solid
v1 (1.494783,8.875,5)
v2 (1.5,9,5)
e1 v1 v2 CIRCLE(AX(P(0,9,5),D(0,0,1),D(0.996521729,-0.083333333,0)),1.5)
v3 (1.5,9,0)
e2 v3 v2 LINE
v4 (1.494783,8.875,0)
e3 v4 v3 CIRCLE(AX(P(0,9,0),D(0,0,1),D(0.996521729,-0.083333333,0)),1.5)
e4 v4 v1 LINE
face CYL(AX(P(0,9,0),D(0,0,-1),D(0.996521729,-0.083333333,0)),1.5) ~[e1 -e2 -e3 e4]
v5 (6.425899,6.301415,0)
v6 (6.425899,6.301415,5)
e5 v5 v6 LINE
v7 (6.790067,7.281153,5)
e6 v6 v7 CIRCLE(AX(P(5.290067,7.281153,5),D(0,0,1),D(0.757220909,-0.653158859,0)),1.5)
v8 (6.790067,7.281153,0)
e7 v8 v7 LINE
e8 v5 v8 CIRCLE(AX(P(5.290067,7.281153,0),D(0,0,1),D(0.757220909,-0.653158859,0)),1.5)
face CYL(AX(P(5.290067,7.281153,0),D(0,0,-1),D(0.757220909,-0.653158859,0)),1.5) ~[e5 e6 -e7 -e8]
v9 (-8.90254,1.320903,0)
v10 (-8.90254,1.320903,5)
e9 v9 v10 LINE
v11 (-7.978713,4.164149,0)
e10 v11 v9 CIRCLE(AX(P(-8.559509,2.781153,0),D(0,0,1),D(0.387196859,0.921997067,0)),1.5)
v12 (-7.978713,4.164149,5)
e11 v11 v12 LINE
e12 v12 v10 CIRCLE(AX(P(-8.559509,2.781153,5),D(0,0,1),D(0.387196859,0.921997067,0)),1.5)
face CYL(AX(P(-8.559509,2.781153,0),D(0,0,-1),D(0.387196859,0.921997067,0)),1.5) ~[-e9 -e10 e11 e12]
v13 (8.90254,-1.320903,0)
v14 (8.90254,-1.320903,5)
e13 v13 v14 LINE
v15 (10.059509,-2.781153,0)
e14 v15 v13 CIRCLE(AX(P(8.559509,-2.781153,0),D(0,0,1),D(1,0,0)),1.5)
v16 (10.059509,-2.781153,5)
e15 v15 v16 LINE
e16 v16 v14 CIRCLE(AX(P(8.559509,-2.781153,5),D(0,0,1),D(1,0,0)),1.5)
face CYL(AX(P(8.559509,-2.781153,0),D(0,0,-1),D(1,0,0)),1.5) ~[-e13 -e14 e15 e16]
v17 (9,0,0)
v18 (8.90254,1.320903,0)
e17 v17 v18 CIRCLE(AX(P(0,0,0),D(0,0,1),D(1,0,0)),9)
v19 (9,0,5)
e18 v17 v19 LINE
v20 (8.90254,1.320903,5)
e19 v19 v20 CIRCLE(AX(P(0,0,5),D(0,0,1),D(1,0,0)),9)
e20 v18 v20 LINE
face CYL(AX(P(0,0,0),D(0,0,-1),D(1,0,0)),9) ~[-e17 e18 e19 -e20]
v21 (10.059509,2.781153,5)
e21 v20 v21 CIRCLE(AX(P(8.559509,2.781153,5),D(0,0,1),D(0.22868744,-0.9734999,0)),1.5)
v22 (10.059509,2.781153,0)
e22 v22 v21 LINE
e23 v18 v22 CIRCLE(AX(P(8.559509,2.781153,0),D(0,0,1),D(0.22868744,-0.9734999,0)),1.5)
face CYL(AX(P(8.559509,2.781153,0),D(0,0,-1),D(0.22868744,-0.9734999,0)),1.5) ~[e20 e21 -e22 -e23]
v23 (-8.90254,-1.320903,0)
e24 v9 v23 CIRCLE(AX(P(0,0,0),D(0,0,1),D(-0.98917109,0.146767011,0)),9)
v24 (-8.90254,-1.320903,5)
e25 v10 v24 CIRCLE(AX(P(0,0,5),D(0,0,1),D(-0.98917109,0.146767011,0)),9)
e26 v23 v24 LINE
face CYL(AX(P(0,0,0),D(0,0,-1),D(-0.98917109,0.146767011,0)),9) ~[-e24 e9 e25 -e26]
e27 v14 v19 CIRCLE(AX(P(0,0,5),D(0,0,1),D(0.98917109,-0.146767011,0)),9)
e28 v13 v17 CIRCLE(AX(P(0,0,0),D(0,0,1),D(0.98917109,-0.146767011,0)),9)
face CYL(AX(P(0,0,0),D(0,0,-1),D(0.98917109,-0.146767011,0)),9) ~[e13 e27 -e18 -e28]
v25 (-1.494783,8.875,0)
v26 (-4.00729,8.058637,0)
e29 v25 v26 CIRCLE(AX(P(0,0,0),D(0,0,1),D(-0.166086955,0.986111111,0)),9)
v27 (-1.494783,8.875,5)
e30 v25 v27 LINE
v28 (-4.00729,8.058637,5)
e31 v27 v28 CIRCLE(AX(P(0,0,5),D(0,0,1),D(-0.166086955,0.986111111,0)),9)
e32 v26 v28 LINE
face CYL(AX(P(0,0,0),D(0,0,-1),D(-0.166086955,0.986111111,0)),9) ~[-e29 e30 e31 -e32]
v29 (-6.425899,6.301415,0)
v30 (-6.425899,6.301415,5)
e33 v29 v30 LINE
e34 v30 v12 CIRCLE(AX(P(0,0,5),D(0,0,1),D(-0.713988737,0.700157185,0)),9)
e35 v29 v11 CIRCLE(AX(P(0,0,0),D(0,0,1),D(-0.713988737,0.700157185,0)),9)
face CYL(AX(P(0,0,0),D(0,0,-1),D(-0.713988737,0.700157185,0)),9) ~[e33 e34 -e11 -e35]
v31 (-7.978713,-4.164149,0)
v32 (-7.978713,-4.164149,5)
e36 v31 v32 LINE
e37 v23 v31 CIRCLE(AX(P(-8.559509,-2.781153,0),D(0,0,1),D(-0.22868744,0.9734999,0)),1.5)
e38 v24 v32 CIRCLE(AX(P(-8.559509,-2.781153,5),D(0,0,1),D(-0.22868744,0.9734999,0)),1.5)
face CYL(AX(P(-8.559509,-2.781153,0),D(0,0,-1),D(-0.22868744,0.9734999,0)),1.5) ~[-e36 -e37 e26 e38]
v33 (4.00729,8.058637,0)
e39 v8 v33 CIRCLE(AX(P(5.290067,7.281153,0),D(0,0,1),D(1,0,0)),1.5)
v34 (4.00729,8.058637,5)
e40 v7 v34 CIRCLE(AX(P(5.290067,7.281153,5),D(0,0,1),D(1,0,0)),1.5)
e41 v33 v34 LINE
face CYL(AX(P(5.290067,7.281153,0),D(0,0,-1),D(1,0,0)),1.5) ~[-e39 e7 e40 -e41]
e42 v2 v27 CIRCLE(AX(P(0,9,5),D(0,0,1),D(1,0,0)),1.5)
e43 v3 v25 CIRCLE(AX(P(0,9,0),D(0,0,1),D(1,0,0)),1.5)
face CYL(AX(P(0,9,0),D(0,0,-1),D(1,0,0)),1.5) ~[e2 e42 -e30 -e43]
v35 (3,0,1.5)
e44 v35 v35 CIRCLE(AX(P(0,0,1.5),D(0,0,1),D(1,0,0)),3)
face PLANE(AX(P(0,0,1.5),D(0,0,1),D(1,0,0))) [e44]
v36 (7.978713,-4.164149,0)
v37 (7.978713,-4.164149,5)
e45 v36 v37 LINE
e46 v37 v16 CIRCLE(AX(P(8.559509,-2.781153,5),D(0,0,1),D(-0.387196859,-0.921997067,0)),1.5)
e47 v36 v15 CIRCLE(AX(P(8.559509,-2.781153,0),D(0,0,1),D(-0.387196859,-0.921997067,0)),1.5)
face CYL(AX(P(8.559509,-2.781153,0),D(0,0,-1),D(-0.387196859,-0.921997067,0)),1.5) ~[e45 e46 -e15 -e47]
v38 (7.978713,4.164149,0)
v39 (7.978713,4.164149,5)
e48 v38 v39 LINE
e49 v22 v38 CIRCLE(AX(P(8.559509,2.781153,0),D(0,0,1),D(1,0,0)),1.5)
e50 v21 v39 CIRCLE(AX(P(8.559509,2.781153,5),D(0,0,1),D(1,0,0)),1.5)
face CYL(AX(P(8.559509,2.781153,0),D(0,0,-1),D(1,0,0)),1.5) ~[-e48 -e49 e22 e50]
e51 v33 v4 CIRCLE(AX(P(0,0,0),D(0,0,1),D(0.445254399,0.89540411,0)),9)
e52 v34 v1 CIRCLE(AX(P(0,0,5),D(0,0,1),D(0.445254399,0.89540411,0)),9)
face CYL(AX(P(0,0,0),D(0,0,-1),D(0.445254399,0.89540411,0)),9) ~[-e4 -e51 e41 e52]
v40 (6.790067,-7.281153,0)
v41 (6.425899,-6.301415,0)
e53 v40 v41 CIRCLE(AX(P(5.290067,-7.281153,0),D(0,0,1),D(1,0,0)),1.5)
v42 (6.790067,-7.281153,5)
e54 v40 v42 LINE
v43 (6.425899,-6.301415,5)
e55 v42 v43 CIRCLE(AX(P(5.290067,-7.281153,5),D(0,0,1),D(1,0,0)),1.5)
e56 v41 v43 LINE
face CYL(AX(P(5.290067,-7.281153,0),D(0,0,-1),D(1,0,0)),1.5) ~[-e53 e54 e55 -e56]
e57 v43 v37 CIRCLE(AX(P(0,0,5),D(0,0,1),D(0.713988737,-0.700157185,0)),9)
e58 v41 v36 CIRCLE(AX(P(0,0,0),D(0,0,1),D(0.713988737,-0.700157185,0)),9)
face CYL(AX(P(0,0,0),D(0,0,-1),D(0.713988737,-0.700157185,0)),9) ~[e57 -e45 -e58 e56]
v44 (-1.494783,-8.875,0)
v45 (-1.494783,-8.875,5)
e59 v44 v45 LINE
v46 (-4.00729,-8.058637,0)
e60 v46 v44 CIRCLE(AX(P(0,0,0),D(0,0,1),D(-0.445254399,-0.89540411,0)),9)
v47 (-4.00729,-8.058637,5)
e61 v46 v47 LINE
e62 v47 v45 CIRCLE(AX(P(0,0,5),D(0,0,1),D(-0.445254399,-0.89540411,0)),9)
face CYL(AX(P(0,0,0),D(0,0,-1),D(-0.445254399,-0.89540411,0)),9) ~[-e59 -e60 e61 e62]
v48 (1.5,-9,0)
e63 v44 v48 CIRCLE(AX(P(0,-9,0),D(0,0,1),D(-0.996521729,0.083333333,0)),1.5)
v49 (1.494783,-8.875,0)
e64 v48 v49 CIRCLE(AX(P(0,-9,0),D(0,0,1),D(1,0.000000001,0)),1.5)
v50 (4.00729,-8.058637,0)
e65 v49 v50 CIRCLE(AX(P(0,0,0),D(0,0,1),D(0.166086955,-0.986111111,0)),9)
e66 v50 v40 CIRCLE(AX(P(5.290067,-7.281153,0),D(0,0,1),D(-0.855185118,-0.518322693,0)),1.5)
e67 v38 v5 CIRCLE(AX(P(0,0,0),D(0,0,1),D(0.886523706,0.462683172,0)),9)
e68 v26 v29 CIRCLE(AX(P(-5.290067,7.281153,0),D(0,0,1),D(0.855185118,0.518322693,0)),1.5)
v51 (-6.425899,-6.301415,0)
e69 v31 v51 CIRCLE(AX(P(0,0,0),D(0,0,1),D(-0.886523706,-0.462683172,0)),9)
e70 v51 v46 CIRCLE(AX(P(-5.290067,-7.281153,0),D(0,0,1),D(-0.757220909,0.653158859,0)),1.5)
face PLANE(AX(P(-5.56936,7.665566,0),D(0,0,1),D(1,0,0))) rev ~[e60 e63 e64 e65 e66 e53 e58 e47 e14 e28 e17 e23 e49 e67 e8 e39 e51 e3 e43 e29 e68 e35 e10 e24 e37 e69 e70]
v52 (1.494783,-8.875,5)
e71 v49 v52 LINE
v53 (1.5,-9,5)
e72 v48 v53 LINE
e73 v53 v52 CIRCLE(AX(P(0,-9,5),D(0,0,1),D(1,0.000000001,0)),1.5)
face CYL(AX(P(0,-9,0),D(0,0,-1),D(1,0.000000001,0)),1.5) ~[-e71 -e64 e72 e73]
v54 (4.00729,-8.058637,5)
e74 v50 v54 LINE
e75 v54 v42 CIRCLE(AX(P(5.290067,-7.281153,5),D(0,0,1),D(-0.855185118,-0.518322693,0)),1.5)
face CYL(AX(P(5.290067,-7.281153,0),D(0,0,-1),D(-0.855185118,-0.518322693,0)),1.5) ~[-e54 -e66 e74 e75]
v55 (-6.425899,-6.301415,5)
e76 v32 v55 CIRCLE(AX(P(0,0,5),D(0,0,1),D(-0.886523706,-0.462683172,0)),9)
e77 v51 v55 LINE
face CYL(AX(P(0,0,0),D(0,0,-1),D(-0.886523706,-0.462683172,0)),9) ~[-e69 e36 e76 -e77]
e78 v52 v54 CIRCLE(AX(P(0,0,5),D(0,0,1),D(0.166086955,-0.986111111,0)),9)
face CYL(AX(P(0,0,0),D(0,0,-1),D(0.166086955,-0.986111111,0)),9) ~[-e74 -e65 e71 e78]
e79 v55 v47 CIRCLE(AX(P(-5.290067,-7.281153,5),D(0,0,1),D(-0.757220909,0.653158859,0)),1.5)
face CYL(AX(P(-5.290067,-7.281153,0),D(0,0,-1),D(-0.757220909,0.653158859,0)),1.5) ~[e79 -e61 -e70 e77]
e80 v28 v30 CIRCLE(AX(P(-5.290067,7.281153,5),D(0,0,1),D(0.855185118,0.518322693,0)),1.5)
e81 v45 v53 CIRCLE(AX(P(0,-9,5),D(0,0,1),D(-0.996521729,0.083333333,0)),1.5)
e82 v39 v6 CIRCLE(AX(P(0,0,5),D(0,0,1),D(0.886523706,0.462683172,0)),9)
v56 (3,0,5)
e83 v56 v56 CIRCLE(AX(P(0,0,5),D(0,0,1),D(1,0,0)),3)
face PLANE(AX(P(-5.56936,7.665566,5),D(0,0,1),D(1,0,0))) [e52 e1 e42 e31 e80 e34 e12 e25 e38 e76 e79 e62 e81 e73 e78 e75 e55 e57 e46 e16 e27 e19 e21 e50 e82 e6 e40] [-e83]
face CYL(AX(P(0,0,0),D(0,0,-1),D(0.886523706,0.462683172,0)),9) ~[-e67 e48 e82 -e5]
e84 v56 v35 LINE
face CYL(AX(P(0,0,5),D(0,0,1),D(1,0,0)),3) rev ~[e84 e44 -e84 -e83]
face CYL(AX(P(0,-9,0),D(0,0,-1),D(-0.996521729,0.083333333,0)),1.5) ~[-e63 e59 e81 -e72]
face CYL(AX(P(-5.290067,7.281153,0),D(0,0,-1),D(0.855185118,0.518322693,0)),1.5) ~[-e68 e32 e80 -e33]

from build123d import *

# Parameters (mm, degrees)
F0_R     = 3
F1_DEPTH = 5
F2_R     = 3
F3_DEPTH = 3.5


with BuildPart() as f1:
    # F0 (on Top) → F1 (new body)
    with BuildSketch(Plane.XY):
        with BuildLine():
            ThreePointArc((-6.4258986346, 6.3014146616), (-5.2900672706, 7.2811529494), (-4.0072895936, 8.0586369886))
            ThreePointArc((-4.0072895936, 8.0586369886), (-6.1717451491, 8.4946784409), (-6.4258986346, 6.3014146616))
        make_face()
        with BuildLine():
            ThreePointArc((-1.4947825929, 8.875), (0, 9), (1.4947825929, 8.875))
            ThreePointArc((1.4947825929, 8.875), (1.4986950806, 8.937445581), (1.5, 9))
            ThreePointArc((1.5, 9), (-0.062554419, 10.4986950806), (-1.4947825929, 8.875))
        make_face()
        with BuildLine():
            ThreePointArc((4.0072895936, 8.0586369886), (5.2900672706, 7.2811529494), (6.4258986346, 6.3014146616))
            ThreePointArc((6.4258986346, 6.3014146616), (6.6960806145, 6.7585379123), (6.7900672706, 7.2811529494))
            ThreePointArc((6.7900672706, 7.2811529494), (5.6936967321, 8.7258270503), (4.0072895936, 8.0586369886))
        make_face()
        with BuildLine():
            ThreePointArc((7.978713358, 4.1641485505), (8.5595086467, 2.7811529494), (8.9025398062, 1.3209030997))
            ThreePointArc((8.9025398062, 1.3209030997), (9.7352098713, 1.8496344953), (10.0595086467, 2.7811529494))
            ThreePointArc((10.0595086467, 2.7811529494), (9.3898119247, 4.0303913039), (7.978713358, 4.1641485505))
        make_face()
        with BuildLine():
            ThreePointArc((10.0595086467, -2.7811529494), (9.7352098713, -1.8496344953), (8.9025398062, -1.3209030997))
            ThreePointArc((8.9025398062, -1.3209030997), (8.5595086467, -2.7811529494), (7.978713358, -4.1641485505))
            ThreePointArc((7.978713358, -4.1641485505), (9.3898119247, -4.0303913039), (10.0595086467, -2.7811529494))
        make_face()
        with BuildLine():
            ThreePointArc((6.7900672706, -7.2811529494), (6.6960806145, -6.7585379123), (6.4258986346, -6.3014146616))
            ThreePointArc((6.4258986346, -6.3014146616), (5.2900672706, -7.2811529494), (4.0072895936, -8.0586369886))
            ThreePointArc((4.0072895936, -8.0586369886), (5.6936967321, -8.7258270503), (6.7900672706, -7.2811529494))
        make_face()
        with BuildLine():
            ThreePointArc((1.5, -9), (1.4986950806, -8.937445581), (1.4947825929, -8.875))
            ThreePointArc((1.4947825929, -8.875), (0, -9), (-1.4947825929, -8.875))
            ThreePointArc((-1.4947825929, -8.875), (-0.062554419, -10.4986950806), (1.5, -9))
        make_face()
        with BuildLine():
            ThreePointArc((-6.4258986346, -6.3014146616), (-6.1717451491, -8.4946784409), (-4.0072895936, -8.0586369886))
            ThreePointArc((-4.0072895936, -8.0586369886), (-5.2900672706, -7.2811529494), (-6.4258986346, -6.3014146616))
        make_face()
        with BuildLine():
            ThreePointArc((-8.9025398062, -1.3209030997), (-9.9860934211, -3.2446784409), (-7.978713358, -4.1641485505))
            ThreePointArc((-7.978713358, -4.1641485505), (-8.5595086467, -2.7811529494), (-8.9025398062, -1.3209030997))
        make_face()
        with BuildLine():
            ThreePointArc((-8.9025398062, 1.3209030997), (-8.5595086467, 2.7811529494), (-7.978713358, 4.1641485505))
            ThreePointArc((-7.978713358, 4.1641485505), (-9.9860934211, 3.2446784409), (-8.9025398062, 1.3209030997))
        make_face()
        with BuildLine():
            ThreePointArc((8.9025398062, -1.3209030997), (8.9756018811, -0.6622468362), (9, 0))
            ThreePointArc((9, 0), (8.9756018811, 0.6622468362), (8.9025398062, 1.3209030997))
            ThreePointArc((8.9025398062, 1.3209030997), (7.1329238722, 2.3176274578), (7.978713358, 4.1641485505))
            ThreePointArc((7.978713358, 4.1641485505), (7.2811529494, 5.2900672706), (6.4258986346, 6.3014146616))
            ThreePointArc((6.4258986346, 6.3014146616), (4.4083893922, 6.0676274578), (4.0072895936, 8.0586369886))
            ThreePointArc((4.0072895936, 8.0586369886), (2.7811529494, 8.5595086467), (1.4947825929, 8.875))
            ThreePointArc((1.4947825929, 8.875), (0, 7.5), (-1.4947825929, 8.875))
            ThreePointArc((-1.4947825929, 8.875), (-2.7811529494, 8.5595086467), (-4.0072895936, 8.0586369886))
            ThreePointArc((-4.0072895936, 8.0586369886), (-3.8453931697, 7.6847824109), (-3.7900672706, 7.2811529494))
            ThreePointArc((-3.7900672706, 7.2811529494), (-4.7674522335, 5.8751396056), (-6.4258986346, 6.3014146616))
            ThreePointArc((-6.4258986346, 6.3014146616), (-7.2811529494, 5.2900672706), (-7.978713358, 4.1641485505))
            ThreePointArc((-7.978713358, 4.1641485505), (-7.3102702921, 3.6114562274), (-7.0595086467, 2.7811529494))
            ThreePointArc((-7.0595086467, 2.7811529494), (-7.6279901926, 1.6054517247), (-8.9025398062, 1.3209030997))
            ThreePointArc((-8.9025398062, 1.3209030997), (-9, 0), (-8.9025398062, -1.3209030997))
            ThreePointArc((-8.9025398062, -1.3209030997), (-7.6279901926, -1.6054517247), (-7.0595086467, -2.7811529494))
            ThreePointArc((-7.0595086467, -2.7811529494), (-7.3102702921, -3.6114562274), (-7.978713358, -4.1641485505))
            ThreePointArc((-7.978713358, -4.1641485505), (-7.2811529494, -5.2900672706), (-6.4258986346, -6.3014146616))
            ThreePointArc((-6.4258986346, -6.3014146616), (-4.7674522335, -5.8751396056), (-3.7900672706, -7.2811529494))
            ThreePointArc((-3.7900672706, -7.2811529494), (-3.8453931697, -7.6847824109), (-4.0072895936, -8.0586369886))
            ThreePointArc((-4.0072895936, -8.0586369886), (-2.7811529494, -8.5595086467), (-1.4947825929, -8.875))
            ThreePointArc((-1.4947825929, -8.875), (0, -7.5), (1.4947825929, -8.875))
            ThreePointArc((1.4947825929, -8.875), (2.7811529494, -8.5595086467), (4.0072895936, -8.0586369886))
            ThreePointArc((4.0072895936, -8.0586369886), (4.4083893922, -6.0676274578), (6.4258986346, -6.3014146616))
            ThreePointArc((6.4258986346, -6.3014146616), (7.2811529494, -5.2900672706), (7.978713358, -4.1641485505))
            ThreePointArc((7.978713358, -4.1641485505), (7.1329238722, -2.3176274578), (8.9025398062, -1.3209030997))
        make_face()
        Circle(F0_R, mode=Mode.SUBTRACT)
        with BuildLine():
            ThreePointArc((-7.0595086467, 2.7811529494), (-7.3102702921, 3.6114562274), (-7.978713358, 4.1641485505))
            ThreePointArc((-7.978713358, 4.1641485505), (-8.5595086467, 2.7811529494), (-8.9025398062, 1.3209030997))
            ThreePointArc((-8.9025398062, 1.3209030997), (-7.6279901926, 1.6054517247), (-7.0595086467, 2.7811529494))
        make_face()
        with BuildLine():
            ThreePointArc((-3.7900672706, 7.2811529494), (-3.8453931697, 7.6847824109), (-4.0072895936, 8.0586369886))
            ThreePointArc((-4.0072895936, 8.0586369886), (-5.2900672706, 7.2811529494), (-6.4258986346, 6.3014146616))
            ThreePointArc((-6.4258986346, 6.3014146616), (-4.7674522335, 5.8751396056), (-3.7900672706, 7.2811529494))
        make_face()
        with BuildLine():
            ThreePointArc((-1.4947825929, 8.875), (0, 7.5), (1.4947825929, 8.875))
            ThreePointArc((1.4947825929, 8.875), (0, 9), (-1.4947825929, 8.875))
        make_face()
        with BuildLine():
            ThreePointArc((4.0072895936, 8.0586369886), (4.4083893922, 6.0676274578), (6.4258986346, 6.3014146616))
            ThreePointArc((6.4258986346, 6.3014146616), (5.2900672706, 7.2811529494), (4.0072895936, 8.0586369886))
        make_face()
        with BuildLine():
            ThreePointArc((7.978713358, 4.1641485505), (7.1329238722, 2.3176274578), (8.9025398062, 1.3209030997))
            ThreePointArc((8.9025398062, 1.3209030997), (8.5595086467, 2.7811529494), (7.978713358, 4.1641485505))
        make_face()
        with BuildLine():
            ThreePointArc((7.978713358, -4.1641485505), (8.5595086467, -2.7811529494), (8.9025398062, -1.3209030997))
            ThreePointArc((8.9025398062, -1.3209030997), (7.1329238722, -2.3176274578), (7.978713358, -4.1641485505))
        make_face()
        with BuildLine():
            ThreePointArc((4.0072895936, -8.0586369886), (5.2900672706, -7.2811529494), (6.4258986346, -6.3014146616))
            ThreePointArc((6.4258986346, -6.3014146616), (4.4083893922, -6.0676274578), (4.0072895936, -8.0586369886))
        make_face()
        with BuildLine():
            ThreePointArc((-1.4947825929, -8.875), (0, -9), (1.4947825929, -8.875))
            ThreePointArc((1.4947825929, -8.875), (0, -7.5), (-1.4947825929, -8.875))
        make_face()
        Circle(F0_R)
        with BuildLine():
            ThreePointArc((-6.4258986346, -6.3014146616), (-5.2900672706, -7.2811529494), (-4.0072895936, -8.0586369886))
            ThreePointArc((-4.0072895936, -8.0586369886), (-3.8453931697, -7.6847824109), (-3.7900672706, -7.2811529494))
            ThreePointArc((-3.7900672706, -7.2811529494), (-4.7674522335, -5.8751396056), (-6.4258986346, -6.3014146616))
        make_face()
        with BuildLine():
            ThreePointArc((-8.9025398062, -1.3209030997), (-8.5595086467, -2.7811529494), (-7.978713358, -4.1641485505))
            ThreePointArc((-7.978713358, -4.1641485505), (-7.3102702921, -3.6114562274), (-7.0595086467, -2.7811529494))
            ThreePointArc((-7.0595086467, -2.7811529494), (-7.6279901926, -1.6054517247), (-8.9025398062, -1.3209030997))
        make_face()
    extrude(amount=F1_DEPTH)

    # F2 (on face) → F3 (cut)
    with BuildSketch(Plane.XY.offset(5)):
        Circle(F2_R)
    extrude(amount=-F3_DEPTH, mode=Mode.SUBTRACT)


solid = f1.part
